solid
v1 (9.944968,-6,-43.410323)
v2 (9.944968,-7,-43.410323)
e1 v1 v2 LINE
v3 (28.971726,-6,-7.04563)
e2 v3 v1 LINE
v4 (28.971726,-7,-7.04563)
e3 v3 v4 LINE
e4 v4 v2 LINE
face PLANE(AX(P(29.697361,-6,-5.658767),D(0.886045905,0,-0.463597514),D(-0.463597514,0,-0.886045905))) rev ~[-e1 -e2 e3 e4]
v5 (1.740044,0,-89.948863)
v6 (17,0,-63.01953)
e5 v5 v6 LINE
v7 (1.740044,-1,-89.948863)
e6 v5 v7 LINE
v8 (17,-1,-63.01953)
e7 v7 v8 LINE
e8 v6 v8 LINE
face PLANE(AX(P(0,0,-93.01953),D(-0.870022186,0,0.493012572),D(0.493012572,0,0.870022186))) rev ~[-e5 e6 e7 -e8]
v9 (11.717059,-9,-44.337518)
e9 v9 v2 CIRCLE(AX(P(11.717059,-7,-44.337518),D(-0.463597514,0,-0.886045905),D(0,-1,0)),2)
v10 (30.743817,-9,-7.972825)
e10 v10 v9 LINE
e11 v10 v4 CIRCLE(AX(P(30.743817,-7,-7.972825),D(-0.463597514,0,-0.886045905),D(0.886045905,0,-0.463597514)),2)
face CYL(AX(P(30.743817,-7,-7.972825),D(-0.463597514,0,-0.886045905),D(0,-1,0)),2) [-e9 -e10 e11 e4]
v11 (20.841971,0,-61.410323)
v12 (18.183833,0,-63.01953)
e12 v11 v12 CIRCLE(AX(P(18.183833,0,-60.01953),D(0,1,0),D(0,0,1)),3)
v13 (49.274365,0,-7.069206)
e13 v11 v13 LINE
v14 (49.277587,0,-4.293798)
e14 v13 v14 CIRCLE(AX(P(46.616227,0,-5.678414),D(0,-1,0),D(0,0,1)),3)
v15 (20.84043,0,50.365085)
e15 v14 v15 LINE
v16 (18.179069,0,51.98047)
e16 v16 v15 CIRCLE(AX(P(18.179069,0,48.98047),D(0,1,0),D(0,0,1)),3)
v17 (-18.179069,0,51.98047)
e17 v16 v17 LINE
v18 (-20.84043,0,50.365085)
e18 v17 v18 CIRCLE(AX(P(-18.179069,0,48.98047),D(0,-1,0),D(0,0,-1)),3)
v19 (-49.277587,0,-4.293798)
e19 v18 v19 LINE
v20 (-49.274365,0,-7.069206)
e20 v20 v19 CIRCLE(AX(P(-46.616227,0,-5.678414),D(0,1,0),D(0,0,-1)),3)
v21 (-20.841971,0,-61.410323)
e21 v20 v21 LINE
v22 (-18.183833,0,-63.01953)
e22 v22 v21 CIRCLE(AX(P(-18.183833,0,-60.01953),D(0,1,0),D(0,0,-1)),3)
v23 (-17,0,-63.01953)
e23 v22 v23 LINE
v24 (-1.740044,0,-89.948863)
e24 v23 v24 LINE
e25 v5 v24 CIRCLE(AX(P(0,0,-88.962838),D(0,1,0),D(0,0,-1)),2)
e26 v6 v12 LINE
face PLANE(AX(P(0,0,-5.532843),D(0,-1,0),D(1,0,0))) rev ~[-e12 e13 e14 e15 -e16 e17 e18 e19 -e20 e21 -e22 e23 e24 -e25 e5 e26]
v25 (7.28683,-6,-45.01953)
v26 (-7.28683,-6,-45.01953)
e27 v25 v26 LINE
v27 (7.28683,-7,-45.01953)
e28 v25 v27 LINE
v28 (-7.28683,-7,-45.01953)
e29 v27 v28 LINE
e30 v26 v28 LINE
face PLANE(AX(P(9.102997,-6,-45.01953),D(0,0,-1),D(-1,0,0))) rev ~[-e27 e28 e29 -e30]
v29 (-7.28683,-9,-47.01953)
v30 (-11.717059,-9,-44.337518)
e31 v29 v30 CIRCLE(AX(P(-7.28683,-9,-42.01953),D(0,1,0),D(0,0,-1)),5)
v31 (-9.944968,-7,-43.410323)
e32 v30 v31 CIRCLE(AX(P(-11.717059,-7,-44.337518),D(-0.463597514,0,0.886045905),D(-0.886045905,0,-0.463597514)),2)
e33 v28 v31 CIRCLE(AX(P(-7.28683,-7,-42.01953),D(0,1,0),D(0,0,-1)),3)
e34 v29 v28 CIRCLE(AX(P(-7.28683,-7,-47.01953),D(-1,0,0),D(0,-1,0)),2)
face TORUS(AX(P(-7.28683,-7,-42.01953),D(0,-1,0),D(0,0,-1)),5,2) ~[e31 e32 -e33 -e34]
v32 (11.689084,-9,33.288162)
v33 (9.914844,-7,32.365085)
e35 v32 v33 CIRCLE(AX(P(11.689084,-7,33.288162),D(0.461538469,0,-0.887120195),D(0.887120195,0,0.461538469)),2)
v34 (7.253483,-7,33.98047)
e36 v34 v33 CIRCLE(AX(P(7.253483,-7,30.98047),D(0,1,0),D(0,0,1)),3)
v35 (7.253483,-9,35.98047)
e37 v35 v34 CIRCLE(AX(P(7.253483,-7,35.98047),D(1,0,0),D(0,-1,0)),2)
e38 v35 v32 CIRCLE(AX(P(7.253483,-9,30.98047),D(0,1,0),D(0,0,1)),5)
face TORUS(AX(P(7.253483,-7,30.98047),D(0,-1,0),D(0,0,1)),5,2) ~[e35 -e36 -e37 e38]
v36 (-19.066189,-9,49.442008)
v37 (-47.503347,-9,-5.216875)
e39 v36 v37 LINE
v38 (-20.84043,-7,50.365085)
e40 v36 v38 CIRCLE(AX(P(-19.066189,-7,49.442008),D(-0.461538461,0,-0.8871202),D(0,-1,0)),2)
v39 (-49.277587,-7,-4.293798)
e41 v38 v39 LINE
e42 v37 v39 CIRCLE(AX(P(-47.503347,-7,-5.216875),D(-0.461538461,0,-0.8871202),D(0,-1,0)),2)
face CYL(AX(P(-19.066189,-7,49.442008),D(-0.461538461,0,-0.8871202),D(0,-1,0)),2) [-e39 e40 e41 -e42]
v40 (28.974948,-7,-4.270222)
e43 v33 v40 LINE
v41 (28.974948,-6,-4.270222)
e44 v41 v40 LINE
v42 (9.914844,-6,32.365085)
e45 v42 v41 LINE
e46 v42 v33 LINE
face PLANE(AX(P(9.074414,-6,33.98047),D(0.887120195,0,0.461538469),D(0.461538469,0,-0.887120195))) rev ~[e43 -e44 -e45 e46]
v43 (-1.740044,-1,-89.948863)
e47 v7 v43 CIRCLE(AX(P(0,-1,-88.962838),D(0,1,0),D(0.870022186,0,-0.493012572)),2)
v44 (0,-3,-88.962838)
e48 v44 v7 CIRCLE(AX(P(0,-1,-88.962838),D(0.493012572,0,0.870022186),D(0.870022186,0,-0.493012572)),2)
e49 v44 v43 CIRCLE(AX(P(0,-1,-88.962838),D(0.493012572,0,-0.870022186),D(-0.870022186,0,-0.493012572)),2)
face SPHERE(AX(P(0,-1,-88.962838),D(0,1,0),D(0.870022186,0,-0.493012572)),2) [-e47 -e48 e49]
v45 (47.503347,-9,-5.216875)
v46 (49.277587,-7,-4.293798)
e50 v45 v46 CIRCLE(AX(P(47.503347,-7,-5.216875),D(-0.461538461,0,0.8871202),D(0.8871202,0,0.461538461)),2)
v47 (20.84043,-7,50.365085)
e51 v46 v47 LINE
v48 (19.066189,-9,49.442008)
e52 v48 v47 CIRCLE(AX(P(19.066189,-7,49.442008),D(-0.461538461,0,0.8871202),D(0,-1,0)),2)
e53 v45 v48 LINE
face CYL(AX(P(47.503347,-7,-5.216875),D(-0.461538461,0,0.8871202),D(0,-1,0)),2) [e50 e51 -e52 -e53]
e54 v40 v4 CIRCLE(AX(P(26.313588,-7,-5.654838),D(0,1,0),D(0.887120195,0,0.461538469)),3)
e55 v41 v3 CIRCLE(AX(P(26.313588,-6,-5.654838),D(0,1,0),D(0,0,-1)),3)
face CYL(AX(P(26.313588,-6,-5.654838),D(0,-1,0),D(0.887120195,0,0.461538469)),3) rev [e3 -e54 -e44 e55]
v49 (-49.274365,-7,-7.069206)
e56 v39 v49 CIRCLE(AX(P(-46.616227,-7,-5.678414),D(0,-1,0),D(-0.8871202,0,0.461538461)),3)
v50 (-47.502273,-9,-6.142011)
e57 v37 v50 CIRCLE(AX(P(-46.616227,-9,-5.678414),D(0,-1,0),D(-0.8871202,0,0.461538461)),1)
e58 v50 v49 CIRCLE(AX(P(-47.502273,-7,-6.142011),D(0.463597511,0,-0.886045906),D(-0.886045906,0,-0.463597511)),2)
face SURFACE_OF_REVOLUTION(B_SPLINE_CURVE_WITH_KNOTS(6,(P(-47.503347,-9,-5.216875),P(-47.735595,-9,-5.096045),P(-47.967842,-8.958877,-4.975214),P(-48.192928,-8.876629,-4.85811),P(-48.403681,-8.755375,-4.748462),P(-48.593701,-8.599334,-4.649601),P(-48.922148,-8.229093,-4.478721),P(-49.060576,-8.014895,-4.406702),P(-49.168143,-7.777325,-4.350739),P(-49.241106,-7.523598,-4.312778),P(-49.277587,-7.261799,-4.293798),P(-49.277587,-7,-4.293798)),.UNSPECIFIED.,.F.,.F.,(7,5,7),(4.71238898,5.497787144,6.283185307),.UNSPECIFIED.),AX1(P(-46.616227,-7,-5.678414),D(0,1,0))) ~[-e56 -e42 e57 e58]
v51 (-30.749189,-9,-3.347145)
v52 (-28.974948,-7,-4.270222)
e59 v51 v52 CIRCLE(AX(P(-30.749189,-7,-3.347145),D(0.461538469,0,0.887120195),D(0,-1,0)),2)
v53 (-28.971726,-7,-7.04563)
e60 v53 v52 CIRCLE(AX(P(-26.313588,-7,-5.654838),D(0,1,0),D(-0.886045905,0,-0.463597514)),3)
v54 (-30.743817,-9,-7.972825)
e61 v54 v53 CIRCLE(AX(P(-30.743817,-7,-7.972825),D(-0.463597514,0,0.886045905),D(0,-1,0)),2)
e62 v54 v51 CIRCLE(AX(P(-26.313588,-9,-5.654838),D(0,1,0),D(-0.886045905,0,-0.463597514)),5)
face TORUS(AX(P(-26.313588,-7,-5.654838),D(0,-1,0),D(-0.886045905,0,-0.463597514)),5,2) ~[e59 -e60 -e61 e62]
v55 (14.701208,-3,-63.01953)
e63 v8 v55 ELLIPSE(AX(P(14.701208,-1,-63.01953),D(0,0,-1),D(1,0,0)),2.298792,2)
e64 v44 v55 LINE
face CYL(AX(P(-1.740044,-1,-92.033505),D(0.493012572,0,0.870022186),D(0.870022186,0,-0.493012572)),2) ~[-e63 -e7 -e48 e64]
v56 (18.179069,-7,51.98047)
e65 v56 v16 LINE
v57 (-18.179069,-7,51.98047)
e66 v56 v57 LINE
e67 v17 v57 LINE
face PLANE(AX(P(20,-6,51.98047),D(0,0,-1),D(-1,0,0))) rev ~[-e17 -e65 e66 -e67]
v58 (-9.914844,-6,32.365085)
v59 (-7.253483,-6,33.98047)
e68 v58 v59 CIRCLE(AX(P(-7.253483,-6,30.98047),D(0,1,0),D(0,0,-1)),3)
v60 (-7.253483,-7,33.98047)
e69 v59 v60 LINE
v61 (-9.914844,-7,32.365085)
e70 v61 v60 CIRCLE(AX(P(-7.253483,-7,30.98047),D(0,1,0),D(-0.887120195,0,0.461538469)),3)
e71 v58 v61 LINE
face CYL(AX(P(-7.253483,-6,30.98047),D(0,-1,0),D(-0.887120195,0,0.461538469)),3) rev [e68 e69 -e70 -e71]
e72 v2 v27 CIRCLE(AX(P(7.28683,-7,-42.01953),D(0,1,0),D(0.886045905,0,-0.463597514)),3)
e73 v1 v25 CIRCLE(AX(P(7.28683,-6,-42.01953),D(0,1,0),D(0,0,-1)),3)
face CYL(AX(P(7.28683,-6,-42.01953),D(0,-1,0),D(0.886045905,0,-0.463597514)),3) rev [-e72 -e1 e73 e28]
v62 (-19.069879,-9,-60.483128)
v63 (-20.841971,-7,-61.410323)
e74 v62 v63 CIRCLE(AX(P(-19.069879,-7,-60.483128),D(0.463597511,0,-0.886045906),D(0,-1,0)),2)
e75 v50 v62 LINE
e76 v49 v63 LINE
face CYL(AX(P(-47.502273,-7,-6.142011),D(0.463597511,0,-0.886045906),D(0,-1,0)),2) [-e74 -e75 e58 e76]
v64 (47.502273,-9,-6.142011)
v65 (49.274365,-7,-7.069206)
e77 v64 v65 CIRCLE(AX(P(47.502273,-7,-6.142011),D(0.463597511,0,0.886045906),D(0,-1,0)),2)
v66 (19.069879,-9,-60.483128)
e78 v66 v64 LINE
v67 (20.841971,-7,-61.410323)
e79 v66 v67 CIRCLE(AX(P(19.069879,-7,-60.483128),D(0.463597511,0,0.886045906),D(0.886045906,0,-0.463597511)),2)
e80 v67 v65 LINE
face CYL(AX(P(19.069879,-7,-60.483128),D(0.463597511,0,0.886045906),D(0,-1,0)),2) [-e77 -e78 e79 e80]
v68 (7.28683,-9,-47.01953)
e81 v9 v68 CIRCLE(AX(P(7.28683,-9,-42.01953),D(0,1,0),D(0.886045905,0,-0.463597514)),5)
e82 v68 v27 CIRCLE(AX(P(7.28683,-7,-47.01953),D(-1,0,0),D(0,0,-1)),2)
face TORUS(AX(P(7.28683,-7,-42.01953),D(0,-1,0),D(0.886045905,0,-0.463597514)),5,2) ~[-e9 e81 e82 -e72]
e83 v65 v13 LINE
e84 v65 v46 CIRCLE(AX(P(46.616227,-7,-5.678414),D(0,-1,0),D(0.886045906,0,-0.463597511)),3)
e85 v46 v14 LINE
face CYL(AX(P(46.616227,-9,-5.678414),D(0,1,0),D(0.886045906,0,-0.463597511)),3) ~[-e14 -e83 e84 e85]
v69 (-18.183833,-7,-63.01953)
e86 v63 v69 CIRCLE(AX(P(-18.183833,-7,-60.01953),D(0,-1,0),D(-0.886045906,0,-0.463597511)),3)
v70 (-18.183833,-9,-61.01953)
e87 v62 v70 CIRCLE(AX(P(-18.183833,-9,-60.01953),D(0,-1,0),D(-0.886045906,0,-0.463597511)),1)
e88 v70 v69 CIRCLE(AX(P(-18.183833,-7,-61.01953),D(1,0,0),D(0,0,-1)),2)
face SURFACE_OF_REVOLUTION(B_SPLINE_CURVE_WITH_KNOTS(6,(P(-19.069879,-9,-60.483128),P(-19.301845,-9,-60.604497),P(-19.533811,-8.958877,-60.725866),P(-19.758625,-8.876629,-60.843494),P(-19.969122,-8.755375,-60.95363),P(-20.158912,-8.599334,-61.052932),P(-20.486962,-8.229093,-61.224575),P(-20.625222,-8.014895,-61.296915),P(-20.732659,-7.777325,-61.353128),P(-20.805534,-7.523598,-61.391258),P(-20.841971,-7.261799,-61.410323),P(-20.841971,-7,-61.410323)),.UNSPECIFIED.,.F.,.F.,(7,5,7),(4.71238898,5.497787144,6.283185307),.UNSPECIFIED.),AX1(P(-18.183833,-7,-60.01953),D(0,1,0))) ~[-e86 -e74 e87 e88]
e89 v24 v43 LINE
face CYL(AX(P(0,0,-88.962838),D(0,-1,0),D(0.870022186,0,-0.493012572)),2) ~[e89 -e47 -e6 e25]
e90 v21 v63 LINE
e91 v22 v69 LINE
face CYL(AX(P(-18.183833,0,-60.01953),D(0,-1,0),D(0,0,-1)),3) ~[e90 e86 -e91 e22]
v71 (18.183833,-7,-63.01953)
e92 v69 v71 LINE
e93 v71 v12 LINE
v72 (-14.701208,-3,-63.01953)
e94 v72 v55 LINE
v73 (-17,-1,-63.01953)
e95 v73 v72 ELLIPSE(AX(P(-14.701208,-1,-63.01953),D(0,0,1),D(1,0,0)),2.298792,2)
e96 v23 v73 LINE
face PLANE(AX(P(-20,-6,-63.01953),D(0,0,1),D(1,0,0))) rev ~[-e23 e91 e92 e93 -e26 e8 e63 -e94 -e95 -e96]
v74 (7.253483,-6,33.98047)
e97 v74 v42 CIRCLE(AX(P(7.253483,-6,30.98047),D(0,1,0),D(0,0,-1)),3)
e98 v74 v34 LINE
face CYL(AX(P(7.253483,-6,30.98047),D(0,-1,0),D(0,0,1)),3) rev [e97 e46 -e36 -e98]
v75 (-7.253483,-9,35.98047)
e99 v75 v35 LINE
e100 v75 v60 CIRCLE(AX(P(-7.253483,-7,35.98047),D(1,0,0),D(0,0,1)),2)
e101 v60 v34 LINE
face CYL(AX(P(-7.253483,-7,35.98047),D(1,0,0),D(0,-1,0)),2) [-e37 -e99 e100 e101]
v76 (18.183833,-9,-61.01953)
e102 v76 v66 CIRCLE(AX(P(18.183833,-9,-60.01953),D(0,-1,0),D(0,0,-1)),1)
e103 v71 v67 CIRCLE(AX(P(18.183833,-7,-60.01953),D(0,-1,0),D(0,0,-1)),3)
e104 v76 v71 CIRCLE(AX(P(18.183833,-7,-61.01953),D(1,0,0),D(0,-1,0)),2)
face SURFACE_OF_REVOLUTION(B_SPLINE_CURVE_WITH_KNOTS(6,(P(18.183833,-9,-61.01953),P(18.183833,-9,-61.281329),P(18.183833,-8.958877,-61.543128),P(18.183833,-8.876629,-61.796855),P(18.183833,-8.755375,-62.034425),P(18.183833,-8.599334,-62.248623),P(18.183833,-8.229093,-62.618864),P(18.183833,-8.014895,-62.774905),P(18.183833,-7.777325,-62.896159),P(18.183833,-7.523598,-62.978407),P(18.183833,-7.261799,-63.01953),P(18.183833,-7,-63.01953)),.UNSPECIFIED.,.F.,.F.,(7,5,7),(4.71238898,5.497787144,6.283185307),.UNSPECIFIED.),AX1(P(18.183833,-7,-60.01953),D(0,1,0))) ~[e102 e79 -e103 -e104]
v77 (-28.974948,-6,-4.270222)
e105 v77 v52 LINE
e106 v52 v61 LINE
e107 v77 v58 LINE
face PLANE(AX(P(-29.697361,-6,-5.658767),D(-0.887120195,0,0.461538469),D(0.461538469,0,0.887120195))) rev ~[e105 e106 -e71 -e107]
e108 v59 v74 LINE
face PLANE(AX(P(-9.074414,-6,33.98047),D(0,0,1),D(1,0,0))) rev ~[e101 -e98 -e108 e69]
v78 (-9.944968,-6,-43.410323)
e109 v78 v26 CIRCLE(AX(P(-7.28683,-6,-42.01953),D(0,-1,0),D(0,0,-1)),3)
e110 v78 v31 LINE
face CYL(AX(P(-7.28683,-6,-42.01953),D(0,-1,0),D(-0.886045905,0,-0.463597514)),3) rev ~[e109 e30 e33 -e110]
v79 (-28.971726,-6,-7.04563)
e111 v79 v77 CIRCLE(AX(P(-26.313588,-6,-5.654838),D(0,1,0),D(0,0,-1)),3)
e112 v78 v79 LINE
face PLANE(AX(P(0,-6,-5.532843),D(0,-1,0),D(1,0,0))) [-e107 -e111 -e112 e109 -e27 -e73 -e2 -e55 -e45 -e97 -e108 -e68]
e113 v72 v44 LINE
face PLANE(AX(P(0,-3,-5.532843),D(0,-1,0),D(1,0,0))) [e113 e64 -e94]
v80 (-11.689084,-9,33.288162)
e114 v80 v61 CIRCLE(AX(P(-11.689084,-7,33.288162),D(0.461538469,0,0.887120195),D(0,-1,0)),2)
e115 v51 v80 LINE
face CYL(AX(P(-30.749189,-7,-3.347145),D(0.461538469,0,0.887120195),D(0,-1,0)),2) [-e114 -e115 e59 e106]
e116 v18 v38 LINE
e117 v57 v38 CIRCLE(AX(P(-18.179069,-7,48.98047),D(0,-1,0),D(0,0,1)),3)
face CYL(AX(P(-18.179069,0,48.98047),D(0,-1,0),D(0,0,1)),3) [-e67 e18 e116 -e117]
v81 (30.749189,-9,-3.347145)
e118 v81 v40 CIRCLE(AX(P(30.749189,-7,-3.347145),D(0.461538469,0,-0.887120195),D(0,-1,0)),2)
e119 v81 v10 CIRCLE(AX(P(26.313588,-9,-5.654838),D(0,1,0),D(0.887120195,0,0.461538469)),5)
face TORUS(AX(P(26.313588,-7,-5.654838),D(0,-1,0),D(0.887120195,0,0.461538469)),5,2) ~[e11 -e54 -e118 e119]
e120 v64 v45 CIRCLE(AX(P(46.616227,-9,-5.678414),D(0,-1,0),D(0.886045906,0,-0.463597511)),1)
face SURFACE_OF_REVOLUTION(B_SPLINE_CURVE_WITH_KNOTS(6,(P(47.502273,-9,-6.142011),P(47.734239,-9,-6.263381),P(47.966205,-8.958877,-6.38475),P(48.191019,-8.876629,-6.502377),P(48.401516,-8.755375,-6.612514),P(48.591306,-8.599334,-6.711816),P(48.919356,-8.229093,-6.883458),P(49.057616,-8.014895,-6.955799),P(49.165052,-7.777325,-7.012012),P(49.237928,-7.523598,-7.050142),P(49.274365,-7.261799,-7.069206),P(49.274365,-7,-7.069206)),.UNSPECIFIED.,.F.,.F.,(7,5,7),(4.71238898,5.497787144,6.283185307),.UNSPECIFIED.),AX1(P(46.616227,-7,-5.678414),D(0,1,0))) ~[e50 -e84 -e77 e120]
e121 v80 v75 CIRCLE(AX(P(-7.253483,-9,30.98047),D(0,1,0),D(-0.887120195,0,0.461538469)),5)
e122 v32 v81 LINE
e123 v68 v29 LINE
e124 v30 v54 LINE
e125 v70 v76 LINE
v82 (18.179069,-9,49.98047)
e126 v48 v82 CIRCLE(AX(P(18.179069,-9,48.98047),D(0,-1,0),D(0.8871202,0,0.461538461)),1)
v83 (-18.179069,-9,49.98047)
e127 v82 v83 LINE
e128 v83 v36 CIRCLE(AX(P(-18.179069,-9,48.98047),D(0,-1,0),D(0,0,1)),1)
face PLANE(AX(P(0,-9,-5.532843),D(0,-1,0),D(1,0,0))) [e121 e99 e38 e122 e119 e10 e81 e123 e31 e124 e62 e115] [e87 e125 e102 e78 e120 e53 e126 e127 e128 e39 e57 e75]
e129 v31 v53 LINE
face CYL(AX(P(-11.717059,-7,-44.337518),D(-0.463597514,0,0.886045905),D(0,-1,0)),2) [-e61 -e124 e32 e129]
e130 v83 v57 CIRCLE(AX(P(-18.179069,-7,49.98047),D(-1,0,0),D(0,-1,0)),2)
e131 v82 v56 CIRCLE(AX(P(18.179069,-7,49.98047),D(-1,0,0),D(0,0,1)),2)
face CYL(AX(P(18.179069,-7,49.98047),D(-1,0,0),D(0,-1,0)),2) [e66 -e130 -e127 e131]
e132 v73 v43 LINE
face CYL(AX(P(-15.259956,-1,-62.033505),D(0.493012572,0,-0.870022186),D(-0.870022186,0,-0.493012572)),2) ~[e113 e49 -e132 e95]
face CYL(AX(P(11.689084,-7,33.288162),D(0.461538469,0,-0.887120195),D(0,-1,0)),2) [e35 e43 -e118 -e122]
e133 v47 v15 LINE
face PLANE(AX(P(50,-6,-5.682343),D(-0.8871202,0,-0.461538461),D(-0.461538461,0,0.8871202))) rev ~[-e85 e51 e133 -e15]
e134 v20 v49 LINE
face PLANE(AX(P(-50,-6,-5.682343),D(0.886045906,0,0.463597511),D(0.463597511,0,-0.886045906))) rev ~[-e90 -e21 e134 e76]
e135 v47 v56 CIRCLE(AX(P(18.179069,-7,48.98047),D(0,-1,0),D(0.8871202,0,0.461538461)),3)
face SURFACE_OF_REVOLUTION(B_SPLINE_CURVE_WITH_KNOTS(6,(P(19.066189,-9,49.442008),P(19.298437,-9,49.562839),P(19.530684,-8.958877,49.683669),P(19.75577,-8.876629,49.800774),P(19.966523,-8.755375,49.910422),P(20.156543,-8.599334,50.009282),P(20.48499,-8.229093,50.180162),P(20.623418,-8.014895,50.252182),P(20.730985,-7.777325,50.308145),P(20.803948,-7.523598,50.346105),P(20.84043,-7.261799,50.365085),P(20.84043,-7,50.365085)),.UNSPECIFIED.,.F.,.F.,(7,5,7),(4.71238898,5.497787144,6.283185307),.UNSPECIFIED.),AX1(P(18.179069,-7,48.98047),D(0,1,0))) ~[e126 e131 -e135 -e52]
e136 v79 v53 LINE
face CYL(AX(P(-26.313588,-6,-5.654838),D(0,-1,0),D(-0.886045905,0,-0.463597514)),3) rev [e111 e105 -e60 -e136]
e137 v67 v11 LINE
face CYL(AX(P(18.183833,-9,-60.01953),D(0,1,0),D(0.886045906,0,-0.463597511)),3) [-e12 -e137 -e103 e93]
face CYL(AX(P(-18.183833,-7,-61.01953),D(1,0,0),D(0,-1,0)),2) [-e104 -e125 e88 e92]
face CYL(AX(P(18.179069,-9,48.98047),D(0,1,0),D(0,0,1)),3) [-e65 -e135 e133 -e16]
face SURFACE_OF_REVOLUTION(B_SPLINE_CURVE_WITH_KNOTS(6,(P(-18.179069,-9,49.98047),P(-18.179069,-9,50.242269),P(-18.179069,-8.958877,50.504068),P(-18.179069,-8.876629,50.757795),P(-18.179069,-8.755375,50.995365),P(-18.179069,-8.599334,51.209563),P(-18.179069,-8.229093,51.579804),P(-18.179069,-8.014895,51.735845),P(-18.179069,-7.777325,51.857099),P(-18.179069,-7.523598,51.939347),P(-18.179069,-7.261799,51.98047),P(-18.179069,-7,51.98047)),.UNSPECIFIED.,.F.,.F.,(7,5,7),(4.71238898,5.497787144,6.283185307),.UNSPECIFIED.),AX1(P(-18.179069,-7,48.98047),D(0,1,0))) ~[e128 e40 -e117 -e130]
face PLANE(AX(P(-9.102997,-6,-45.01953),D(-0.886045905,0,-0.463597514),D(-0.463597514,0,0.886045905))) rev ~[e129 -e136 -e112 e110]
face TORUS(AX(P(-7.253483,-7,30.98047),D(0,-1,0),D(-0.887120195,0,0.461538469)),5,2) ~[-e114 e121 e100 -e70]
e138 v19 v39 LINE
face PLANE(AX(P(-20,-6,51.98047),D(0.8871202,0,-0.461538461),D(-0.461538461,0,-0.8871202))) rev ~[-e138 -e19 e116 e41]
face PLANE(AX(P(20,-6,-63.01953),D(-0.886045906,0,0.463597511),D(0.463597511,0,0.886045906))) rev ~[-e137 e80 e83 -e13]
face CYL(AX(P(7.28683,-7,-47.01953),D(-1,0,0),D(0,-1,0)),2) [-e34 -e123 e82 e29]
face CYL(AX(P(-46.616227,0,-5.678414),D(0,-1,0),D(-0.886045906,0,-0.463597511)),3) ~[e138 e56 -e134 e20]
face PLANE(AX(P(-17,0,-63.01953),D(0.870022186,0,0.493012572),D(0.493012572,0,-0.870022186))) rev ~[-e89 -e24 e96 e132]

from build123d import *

# Parameters (mm, degrees)
F1_DEPTH = 3
F3_DEPTH = 3
F5_DEPTH = 3
F6_R     = 3
F7_R     = 2


with BuildPart() as f1:
    # F0 (on Front) → F1 (new body)
    with BuildSketch(Plane.XZ):
        Polygon((20, 51.98047), (0, 51.98047), (-20, 51.98047), (-50, -5.682343), (-20, -63.01953), (-17, -63.01953), (0, -63.01953), (17, -63.01953), (20, -63.01953), (50, -5.682343), align=None)
        Polygon((0, -93.01953), (17, -63.01953), (0, -63.01953), (-17, -63.01953), align=None)
    extrude(amount=F1_DEPTH)

    # F2 (on face) → F3 (join)
    with BuildSketch(Plane.XZ.offset(3)):
        Polygon((20, 51.98047), (-20, 51.98047), (-50, -5.682343), (-20, -63.01953), (20, -63.01953), (50, -5.682343), align=None)
    extrude(amount=F3_DEPTH)

    # F4 (on face) → F5 (join)
    with BuildSketch(Plane.XZ.offset(6)):
        Polygon((20, 51.98047), (-20, 51.98047), (-50, -5.682343), (-20, -63.01953), (20, -63.01953), (50, -5.682343), align=None)
        Polygon((-9.102997, -45.01953), (-29.697361, -5.658767), (-9.074414, 33.98047), (9.074414, 33.98047), (29.697361, -5.658767), (9.102997, -45.01953), align=None, mode=Mode.SUBTRACT)
    extrude(amount=F5_DEPTH)

    # F6
    f6_edges = [f1.edges().sort_by_distance(p)[0] for p in [
        (-20, -4.5, 51.98047),
        (20, -4.5, 51.98047),
        (-50, -4.5, -5.682343),
        (-20, -4.5, -63.01953),
        (20, -4.5, -63.01953),
        (50, -4.5, -5.682343),
        (9.074414, -7.5, 33.98047),
        (29.697361, -7.5, -5.658767),
        (-9.074414, -7.5, 33.98047),
        (-29.697361, -7.5, -5.658767),
        (-9.102997, -7.5, -45.01953),
        (9.102997, -7.5, -45.01953),
    ]]
    fillet(f6_edges, radius=F6_R)

    # F7
    f7_edges = [f1.edges().sort_by_distance(p)[0] for p in [
        (-35.059009, -9, 23.035643),
        (-19.444896, -9, 14.047431),
        (8.5, -3, -78.01953),
        (-8.5, -3, -78.01953),
        (0, -1.5, -93.01953),
    ]]
    fillet(f7_edges, radius=F7_R)


solid = f1.part
